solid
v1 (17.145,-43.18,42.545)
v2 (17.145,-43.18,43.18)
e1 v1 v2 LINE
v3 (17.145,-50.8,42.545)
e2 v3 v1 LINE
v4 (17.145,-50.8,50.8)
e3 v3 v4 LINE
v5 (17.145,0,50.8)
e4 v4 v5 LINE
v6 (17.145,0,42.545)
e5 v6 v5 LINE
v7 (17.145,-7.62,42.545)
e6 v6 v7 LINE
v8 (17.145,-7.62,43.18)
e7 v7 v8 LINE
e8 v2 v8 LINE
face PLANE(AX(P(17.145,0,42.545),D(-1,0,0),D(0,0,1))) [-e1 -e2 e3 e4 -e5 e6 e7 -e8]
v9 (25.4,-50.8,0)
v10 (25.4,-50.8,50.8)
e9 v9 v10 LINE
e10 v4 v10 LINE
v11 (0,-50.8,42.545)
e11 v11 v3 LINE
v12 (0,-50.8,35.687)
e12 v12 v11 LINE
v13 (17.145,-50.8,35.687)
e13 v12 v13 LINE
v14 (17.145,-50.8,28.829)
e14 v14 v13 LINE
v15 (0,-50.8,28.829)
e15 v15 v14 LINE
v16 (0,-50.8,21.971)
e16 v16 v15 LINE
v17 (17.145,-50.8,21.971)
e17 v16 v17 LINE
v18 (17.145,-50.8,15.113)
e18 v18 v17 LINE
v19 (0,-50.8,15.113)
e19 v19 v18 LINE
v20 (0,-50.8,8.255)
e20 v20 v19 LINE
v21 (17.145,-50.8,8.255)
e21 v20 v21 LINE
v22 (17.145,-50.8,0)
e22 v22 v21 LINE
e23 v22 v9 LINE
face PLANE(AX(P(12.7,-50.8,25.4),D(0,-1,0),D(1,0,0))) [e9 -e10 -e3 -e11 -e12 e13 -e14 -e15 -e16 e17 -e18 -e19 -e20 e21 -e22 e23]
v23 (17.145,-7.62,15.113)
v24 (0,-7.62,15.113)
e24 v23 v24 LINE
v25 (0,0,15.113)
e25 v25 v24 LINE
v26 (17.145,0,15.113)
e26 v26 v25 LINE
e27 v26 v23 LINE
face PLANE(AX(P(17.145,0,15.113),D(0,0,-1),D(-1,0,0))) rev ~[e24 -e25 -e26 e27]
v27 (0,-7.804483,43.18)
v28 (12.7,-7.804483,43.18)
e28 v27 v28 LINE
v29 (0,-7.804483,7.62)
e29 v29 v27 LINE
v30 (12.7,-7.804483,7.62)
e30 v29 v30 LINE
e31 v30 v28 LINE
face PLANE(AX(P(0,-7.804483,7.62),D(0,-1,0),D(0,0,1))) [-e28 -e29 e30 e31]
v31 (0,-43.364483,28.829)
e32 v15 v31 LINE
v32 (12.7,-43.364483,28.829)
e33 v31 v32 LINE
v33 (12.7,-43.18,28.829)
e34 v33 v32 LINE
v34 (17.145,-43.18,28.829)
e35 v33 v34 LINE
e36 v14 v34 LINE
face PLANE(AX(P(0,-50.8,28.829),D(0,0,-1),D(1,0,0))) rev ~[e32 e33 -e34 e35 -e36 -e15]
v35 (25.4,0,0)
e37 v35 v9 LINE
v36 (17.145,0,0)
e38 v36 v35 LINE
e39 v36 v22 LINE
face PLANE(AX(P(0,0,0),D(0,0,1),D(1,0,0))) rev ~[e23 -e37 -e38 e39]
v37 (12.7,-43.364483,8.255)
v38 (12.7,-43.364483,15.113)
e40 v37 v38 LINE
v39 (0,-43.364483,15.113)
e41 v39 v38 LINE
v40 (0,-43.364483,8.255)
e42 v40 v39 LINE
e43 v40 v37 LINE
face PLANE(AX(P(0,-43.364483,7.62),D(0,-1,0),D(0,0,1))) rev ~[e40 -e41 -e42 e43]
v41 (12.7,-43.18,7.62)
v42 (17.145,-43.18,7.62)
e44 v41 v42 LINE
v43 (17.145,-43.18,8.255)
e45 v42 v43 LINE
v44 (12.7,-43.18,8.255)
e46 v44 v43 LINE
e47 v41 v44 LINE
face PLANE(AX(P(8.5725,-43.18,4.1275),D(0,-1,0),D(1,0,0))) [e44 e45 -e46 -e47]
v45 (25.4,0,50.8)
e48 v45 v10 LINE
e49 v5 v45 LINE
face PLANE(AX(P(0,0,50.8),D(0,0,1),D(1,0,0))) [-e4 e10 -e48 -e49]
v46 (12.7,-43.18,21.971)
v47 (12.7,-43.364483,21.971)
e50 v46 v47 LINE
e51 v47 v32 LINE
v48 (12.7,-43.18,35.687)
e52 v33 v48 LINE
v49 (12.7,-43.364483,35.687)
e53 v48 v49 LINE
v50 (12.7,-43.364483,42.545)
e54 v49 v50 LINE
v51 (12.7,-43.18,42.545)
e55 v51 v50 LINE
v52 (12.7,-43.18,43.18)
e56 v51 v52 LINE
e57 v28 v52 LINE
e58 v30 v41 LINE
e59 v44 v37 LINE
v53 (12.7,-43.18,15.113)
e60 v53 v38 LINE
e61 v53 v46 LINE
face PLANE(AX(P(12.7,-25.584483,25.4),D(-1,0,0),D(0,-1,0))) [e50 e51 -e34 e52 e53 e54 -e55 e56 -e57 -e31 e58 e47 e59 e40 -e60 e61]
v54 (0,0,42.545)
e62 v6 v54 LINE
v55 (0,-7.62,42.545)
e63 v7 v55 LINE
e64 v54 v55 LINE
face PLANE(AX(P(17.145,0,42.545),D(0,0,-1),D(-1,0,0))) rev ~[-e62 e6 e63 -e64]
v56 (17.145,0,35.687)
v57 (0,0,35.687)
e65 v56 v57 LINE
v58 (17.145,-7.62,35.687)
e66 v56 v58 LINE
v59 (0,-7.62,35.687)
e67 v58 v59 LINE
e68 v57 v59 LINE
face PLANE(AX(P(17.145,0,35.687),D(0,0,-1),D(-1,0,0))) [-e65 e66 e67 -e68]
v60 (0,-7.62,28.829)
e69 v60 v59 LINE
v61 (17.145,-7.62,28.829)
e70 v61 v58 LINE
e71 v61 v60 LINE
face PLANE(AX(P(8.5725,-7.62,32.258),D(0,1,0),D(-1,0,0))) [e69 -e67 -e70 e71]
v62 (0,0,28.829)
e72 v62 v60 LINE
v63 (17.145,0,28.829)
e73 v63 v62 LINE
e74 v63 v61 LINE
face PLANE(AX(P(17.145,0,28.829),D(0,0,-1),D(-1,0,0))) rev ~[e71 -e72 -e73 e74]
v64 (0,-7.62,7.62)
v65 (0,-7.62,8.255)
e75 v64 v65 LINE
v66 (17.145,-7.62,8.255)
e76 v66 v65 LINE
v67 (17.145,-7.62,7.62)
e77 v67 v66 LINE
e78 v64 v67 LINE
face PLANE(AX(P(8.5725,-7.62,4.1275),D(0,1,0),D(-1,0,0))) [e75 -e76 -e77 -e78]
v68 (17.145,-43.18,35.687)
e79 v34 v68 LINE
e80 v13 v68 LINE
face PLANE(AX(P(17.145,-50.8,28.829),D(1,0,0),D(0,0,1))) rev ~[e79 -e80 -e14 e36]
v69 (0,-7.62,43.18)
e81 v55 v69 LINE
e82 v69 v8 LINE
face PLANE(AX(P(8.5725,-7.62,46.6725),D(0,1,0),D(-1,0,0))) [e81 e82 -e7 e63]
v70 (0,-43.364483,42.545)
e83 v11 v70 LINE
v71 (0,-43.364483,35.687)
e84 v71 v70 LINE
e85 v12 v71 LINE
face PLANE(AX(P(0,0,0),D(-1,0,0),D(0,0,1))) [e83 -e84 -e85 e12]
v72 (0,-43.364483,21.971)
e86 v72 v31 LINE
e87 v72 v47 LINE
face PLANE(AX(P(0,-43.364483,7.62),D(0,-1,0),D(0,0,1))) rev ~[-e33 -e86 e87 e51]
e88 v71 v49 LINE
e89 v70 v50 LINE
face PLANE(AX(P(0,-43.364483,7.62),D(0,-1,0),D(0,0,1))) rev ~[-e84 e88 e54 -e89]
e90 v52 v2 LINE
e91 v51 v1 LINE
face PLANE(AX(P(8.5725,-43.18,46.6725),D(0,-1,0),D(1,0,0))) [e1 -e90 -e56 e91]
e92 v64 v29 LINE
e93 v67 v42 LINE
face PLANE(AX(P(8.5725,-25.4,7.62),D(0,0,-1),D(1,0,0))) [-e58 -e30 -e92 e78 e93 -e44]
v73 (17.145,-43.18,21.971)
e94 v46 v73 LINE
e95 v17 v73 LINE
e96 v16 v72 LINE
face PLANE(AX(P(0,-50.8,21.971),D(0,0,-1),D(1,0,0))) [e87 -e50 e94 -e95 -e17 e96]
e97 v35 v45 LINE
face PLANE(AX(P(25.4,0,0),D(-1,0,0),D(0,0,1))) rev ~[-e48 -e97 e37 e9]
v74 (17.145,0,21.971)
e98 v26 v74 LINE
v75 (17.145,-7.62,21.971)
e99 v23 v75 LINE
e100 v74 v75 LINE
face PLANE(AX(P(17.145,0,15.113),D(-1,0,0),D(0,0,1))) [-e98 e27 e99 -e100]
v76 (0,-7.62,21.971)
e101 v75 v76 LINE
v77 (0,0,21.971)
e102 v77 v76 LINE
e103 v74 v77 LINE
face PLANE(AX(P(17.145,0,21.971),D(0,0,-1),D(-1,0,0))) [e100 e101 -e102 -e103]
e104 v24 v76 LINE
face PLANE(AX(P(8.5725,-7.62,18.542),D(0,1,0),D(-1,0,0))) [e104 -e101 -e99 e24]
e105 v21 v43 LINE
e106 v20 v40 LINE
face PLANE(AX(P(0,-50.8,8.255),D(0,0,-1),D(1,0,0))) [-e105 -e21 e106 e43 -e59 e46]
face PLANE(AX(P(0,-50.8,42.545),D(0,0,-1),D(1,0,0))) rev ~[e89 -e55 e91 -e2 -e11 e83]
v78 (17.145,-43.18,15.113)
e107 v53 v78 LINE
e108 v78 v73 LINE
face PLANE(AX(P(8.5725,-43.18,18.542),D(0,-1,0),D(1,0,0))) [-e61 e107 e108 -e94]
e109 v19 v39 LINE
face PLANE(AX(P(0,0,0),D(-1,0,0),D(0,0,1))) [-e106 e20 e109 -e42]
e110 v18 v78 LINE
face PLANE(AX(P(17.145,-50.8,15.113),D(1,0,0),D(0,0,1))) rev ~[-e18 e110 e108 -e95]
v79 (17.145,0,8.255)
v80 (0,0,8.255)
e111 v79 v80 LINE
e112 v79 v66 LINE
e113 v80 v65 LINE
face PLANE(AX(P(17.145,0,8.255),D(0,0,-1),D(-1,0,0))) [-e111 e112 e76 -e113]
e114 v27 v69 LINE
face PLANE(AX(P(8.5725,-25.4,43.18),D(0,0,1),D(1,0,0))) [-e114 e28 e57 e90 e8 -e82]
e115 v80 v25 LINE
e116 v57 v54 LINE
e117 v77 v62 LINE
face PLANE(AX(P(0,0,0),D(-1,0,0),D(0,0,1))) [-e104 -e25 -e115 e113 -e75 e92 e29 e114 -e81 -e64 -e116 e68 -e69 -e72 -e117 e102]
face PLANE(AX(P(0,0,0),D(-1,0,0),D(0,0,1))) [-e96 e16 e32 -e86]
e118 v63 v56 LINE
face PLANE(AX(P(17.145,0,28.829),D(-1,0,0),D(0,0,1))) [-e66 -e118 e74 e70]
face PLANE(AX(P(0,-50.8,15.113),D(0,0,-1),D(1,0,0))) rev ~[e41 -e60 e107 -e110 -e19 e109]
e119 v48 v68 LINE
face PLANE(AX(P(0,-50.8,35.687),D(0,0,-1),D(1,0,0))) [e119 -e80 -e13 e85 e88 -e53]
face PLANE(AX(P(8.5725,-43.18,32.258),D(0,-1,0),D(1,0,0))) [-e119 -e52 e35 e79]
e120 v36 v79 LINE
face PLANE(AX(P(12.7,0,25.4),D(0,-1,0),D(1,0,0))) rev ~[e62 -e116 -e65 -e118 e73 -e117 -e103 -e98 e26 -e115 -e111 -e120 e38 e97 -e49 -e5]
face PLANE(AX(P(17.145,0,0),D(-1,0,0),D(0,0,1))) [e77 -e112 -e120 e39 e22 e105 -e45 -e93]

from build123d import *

# Parameters (mm, degrees)
F0_W      = 25.4
F0_H      = 50.8
F1_DEPTH  = 50.8
F2_W      = 35.56
F2_H      = 35.56
F3_DEPTH  = 12.7
F4_W      = 17.145
F4_H      = 8.255
F4_H_2    = 6.858
F5_DEPTH  = 7.62
F6_W      = 17.145
F6_H      = 8.255
F6_H_2    = 6.858
F7_DEPTH  = 7.62
F8_W      = 17.145
F8_H      = 35.56
F9_DEPTH  = 7.62
F10_W     = 17.145
F10_H     = 35.56
F11_DEPTH = 7.62


with BuildPart() as f1:
    # F0 (on Front) → F1 (new body)
    with BuildSketch(Plane.XZ):
        with Locations((12.7, 25.4)):
            Rectangle(F0_W, F0_H)
    extrude(amount=F1_DEPTH)

    # F2 (on face) → F3 (cut)
    with BuildSketch(Plane(origin=(0, 0, 0), x_dir=(0, -1, 0), z_dir=(-1, 0, 0))):
        with Locations((25.584483, 25.4)):
            Rectangle(F2_W, F2_H)
    extrude(amount=-F3_DEPTH, mode=Mode.SUBTRACT)

    # F4 (on face) → F5 (cut)
    with BuildSketch(Plane(origin=(0, 0, 0), x_dir=(-1, 0, 0), z_dir=(0, 1, 0))):
        with Locations((-8.5725, 46.6725)):
            Rectangle(F4_W, F4_H)
        with Locations((-8.5725, 32.258)):
            Rectangle(F4_W, F4_H_2)
        with Locations((-8.5725, 18.542)):
            Rectangle(F4_W, F4_H_2)
        with Locations((-8.5725, 4.1275)):
            Rectangle(F4_W, F4_H)
    extrude(amount=-F5_DEPTH, mode=Mode.SUBTRACT)

    # F6 (on face) → F7 (cut)
    with BuildSketch(Plane.XZ.offset(50.8)):
        with Locations((8.5725, 46.6725)):
            Rectangle(F6_W, F6_H)
        with Locations((8.5725, 32.258)):
            Rectangle(F6_W, F6_H_2)
        with Locations((8.5725, 18.542)):
            Rectangle(F6_W, F6_H_2)
        with Locations((8.5725, 4.1275)):
            Rectangle(F6_W, F6_H)
    extrude(amount=-F7_DEPTH, mode=Mode.SUBTRACT)

    # F8 (on face) → F9 (cut)
    with BuildSketch(Plane.XY.offset(50.8)):
        with Locations((8.5725, -25.4)):
            Rectangle(F8_W, F8_H)
    extrude(amount=-F9_DEPTH, mode=Mode.SUBTRACT)

    # F10 (on face) → F11 (cut)
    with BuildSketch(Plane(origin=(0, 0, 0), x_dir=(1, 0, 0), z_dir=(0, 0, -1))):
        with Locations((8.5725, 25.4)):
            Rectangle(F10_W, F10_H)
    extrude(amount=-F11_DEPTH, mode=Mode.SUBTRACT)


solid = f1.part
